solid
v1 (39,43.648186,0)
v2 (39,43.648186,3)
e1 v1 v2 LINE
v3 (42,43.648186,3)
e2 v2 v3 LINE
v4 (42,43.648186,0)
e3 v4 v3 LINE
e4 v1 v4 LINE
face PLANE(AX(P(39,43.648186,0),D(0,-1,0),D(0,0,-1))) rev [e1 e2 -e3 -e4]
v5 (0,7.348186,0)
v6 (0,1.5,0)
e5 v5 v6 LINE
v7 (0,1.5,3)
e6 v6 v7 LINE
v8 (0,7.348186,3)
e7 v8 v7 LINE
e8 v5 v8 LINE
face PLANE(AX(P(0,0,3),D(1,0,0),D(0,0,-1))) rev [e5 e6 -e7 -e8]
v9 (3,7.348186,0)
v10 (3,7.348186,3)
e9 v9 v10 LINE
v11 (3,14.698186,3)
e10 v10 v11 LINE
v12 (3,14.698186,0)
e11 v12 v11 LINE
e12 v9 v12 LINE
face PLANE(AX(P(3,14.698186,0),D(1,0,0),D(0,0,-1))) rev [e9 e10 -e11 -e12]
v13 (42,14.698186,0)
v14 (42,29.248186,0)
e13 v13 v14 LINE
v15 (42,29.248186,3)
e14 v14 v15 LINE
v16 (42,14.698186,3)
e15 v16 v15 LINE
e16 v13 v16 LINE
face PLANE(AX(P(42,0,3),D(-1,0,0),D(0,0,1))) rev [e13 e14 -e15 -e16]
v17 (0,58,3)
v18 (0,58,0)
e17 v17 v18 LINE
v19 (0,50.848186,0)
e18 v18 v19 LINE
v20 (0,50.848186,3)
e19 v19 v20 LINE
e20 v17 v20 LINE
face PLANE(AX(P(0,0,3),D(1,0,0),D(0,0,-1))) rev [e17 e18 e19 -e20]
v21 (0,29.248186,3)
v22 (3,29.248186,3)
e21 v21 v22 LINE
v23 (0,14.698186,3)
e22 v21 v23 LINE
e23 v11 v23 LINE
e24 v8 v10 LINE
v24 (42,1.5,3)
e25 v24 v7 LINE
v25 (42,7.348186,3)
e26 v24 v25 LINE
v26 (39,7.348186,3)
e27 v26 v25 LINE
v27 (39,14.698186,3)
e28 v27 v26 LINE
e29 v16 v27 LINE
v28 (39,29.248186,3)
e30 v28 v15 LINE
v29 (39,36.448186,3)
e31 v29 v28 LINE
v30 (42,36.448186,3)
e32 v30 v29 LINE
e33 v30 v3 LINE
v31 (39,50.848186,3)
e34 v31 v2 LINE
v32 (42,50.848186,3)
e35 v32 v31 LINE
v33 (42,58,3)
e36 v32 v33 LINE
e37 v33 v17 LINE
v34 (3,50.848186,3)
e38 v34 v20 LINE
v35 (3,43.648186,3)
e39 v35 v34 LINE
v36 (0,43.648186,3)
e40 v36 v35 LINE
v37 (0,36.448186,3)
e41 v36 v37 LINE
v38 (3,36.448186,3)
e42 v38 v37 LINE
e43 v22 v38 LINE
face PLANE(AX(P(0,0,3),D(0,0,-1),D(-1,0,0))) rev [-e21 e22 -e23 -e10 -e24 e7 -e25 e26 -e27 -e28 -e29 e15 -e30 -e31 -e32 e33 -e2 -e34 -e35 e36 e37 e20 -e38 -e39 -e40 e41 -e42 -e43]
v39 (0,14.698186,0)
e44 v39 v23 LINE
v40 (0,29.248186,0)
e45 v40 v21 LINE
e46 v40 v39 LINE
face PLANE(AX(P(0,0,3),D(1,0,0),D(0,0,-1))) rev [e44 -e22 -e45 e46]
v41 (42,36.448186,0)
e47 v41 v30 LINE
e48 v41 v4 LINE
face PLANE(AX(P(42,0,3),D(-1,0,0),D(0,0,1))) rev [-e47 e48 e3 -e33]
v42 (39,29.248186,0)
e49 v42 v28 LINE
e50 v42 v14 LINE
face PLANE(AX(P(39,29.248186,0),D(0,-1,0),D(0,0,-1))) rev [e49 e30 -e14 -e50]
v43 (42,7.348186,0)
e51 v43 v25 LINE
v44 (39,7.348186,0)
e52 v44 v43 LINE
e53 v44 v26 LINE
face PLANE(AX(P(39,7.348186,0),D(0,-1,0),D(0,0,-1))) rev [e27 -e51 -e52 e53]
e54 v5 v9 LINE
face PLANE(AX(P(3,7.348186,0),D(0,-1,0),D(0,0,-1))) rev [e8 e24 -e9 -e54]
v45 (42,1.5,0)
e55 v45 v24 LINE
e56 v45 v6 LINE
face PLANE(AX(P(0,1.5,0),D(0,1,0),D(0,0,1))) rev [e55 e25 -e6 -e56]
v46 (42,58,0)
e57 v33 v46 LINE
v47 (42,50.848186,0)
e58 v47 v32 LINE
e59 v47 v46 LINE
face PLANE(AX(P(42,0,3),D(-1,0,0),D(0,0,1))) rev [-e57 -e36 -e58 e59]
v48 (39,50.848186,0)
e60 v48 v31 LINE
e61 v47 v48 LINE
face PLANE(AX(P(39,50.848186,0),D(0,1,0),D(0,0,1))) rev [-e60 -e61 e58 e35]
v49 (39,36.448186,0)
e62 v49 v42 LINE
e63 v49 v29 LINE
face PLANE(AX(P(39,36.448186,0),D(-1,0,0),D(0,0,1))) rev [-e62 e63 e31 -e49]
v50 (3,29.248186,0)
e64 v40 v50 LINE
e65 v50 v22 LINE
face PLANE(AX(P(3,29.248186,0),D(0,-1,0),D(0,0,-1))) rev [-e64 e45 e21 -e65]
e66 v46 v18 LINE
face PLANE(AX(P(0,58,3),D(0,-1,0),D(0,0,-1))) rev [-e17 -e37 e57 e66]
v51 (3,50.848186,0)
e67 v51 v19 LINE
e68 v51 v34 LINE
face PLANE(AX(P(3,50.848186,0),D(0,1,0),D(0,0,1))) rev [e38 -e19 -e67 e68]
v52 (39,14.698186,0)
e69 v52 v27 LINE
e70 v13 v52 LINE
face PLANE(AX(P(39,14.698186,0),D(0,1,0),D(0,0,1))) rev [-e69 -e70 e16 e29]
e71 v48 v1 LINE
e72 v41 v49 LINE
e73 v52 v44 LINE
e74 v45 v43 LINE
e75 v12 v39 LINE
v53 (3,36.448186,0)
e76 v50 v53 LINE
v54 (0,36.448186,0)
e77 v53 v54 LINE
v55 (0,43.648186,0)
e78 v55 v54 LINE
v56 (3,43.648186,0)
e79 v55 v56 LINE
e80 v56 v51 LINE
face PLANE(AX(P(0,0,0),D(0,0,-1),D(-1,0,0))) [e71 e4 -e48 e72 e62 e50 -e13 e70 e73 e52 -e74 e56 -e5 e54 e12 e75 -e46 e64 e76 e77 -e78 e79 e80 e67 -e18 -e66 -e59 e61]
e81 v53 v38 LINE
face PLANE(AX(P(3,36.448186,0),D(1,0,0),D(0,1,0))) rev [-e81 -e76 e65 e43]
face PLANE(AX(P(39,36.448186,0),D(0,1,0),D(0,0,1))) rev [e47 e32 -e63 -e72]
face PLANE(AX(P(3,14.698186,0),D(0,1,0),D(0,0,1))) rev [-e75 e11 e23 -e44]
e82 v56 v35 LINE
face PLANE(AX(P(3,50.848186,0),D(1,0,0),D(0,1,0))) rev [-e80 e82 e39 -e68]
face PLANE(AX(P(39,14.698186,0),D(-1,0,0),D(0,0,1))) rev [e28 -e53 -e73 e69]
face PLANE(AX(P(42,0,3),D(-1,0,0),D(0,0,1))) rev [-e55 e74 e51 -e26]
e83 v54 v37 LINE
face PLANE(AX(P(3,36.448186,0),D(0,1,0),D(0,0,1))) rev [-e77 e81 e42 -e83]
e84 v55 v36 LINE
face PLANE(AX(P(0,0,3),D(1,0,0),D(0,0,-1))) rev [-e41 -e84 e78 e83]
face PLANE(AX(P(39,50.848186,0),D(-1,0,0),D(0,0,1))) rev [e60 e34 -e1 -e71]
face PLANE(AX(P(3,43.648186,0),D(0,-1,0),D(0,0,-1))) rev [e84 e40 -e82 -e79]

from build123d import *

# Parameters (mm, degrees)
SKETCH1_W           = 42
SKETCH1_H           = 58
BOSS_EXTRUDE1_DEPTH = 3
SKETCH2_W           = 3
SKETCH2_H           = 7.199999996
SKETCH2_H_2         = 7.35
CUT_EXTRUDE1_DEPTH  = 3
SKETCH3_W           = 42
SKETCH3_H           = 1.5
CUT_EXTRUDE2_DEPTH  = 4


with BuildPart() as part:
    # Sketch1 → Boss-Extrude1 (new body)
    with BuildSketch(Plane.XY):
        with Locations((21, 29)):
            Rectangle(SKETCH1_W, SKETCH1_H)
    extrude(amount=BOSS_EXTRUDE1_DEPTH)

    # Sketch2 → Cut-Extrude1 (cut)
    with BuildSketch(Plane.XY.offset(3)):
        with Locations((40.5, 47.24818585)):
            Rectangle(SKETCH2_W, SKETCH2_H)
        with Locations((40.5, 32.848185857)):
            Rectangle(SKETCH2_W, SKETCH2_H)
        with Locations((1.5, 47.24818585)):
            Rectangle(SKETCH2_W, SKETCH2_H)
        with Locations((1.5, 32.848185857)):
            Rectangle(SKETCH2_W, SKETCH2_H)
        with Locations((1.5, 11.023185866)):
            Rectangle(SKETCH2_W, SKETCH2_H_2)
        with Locations((40.5, 11.023185866)):
            Rectangle(SKETCH2_W, SKETCH2_H_2)
    extrude(amount=-CUT_EXTRUDE1_DEPTH, mode=Mode.SUBTRACT)

    # Sketch3 → Cut-Extrude2 (cut, through all)
    with BuildSketch(Plane.XY.offset(3)):
        with Locations((21, 0.75)):
            Rectangle(SKETCH3_W, SKETCH3_H)
    extrude(amount=-CUT_EXTRUDE2_DEPTH, mode=Mode.SUBTRACT)


solid = part.part
